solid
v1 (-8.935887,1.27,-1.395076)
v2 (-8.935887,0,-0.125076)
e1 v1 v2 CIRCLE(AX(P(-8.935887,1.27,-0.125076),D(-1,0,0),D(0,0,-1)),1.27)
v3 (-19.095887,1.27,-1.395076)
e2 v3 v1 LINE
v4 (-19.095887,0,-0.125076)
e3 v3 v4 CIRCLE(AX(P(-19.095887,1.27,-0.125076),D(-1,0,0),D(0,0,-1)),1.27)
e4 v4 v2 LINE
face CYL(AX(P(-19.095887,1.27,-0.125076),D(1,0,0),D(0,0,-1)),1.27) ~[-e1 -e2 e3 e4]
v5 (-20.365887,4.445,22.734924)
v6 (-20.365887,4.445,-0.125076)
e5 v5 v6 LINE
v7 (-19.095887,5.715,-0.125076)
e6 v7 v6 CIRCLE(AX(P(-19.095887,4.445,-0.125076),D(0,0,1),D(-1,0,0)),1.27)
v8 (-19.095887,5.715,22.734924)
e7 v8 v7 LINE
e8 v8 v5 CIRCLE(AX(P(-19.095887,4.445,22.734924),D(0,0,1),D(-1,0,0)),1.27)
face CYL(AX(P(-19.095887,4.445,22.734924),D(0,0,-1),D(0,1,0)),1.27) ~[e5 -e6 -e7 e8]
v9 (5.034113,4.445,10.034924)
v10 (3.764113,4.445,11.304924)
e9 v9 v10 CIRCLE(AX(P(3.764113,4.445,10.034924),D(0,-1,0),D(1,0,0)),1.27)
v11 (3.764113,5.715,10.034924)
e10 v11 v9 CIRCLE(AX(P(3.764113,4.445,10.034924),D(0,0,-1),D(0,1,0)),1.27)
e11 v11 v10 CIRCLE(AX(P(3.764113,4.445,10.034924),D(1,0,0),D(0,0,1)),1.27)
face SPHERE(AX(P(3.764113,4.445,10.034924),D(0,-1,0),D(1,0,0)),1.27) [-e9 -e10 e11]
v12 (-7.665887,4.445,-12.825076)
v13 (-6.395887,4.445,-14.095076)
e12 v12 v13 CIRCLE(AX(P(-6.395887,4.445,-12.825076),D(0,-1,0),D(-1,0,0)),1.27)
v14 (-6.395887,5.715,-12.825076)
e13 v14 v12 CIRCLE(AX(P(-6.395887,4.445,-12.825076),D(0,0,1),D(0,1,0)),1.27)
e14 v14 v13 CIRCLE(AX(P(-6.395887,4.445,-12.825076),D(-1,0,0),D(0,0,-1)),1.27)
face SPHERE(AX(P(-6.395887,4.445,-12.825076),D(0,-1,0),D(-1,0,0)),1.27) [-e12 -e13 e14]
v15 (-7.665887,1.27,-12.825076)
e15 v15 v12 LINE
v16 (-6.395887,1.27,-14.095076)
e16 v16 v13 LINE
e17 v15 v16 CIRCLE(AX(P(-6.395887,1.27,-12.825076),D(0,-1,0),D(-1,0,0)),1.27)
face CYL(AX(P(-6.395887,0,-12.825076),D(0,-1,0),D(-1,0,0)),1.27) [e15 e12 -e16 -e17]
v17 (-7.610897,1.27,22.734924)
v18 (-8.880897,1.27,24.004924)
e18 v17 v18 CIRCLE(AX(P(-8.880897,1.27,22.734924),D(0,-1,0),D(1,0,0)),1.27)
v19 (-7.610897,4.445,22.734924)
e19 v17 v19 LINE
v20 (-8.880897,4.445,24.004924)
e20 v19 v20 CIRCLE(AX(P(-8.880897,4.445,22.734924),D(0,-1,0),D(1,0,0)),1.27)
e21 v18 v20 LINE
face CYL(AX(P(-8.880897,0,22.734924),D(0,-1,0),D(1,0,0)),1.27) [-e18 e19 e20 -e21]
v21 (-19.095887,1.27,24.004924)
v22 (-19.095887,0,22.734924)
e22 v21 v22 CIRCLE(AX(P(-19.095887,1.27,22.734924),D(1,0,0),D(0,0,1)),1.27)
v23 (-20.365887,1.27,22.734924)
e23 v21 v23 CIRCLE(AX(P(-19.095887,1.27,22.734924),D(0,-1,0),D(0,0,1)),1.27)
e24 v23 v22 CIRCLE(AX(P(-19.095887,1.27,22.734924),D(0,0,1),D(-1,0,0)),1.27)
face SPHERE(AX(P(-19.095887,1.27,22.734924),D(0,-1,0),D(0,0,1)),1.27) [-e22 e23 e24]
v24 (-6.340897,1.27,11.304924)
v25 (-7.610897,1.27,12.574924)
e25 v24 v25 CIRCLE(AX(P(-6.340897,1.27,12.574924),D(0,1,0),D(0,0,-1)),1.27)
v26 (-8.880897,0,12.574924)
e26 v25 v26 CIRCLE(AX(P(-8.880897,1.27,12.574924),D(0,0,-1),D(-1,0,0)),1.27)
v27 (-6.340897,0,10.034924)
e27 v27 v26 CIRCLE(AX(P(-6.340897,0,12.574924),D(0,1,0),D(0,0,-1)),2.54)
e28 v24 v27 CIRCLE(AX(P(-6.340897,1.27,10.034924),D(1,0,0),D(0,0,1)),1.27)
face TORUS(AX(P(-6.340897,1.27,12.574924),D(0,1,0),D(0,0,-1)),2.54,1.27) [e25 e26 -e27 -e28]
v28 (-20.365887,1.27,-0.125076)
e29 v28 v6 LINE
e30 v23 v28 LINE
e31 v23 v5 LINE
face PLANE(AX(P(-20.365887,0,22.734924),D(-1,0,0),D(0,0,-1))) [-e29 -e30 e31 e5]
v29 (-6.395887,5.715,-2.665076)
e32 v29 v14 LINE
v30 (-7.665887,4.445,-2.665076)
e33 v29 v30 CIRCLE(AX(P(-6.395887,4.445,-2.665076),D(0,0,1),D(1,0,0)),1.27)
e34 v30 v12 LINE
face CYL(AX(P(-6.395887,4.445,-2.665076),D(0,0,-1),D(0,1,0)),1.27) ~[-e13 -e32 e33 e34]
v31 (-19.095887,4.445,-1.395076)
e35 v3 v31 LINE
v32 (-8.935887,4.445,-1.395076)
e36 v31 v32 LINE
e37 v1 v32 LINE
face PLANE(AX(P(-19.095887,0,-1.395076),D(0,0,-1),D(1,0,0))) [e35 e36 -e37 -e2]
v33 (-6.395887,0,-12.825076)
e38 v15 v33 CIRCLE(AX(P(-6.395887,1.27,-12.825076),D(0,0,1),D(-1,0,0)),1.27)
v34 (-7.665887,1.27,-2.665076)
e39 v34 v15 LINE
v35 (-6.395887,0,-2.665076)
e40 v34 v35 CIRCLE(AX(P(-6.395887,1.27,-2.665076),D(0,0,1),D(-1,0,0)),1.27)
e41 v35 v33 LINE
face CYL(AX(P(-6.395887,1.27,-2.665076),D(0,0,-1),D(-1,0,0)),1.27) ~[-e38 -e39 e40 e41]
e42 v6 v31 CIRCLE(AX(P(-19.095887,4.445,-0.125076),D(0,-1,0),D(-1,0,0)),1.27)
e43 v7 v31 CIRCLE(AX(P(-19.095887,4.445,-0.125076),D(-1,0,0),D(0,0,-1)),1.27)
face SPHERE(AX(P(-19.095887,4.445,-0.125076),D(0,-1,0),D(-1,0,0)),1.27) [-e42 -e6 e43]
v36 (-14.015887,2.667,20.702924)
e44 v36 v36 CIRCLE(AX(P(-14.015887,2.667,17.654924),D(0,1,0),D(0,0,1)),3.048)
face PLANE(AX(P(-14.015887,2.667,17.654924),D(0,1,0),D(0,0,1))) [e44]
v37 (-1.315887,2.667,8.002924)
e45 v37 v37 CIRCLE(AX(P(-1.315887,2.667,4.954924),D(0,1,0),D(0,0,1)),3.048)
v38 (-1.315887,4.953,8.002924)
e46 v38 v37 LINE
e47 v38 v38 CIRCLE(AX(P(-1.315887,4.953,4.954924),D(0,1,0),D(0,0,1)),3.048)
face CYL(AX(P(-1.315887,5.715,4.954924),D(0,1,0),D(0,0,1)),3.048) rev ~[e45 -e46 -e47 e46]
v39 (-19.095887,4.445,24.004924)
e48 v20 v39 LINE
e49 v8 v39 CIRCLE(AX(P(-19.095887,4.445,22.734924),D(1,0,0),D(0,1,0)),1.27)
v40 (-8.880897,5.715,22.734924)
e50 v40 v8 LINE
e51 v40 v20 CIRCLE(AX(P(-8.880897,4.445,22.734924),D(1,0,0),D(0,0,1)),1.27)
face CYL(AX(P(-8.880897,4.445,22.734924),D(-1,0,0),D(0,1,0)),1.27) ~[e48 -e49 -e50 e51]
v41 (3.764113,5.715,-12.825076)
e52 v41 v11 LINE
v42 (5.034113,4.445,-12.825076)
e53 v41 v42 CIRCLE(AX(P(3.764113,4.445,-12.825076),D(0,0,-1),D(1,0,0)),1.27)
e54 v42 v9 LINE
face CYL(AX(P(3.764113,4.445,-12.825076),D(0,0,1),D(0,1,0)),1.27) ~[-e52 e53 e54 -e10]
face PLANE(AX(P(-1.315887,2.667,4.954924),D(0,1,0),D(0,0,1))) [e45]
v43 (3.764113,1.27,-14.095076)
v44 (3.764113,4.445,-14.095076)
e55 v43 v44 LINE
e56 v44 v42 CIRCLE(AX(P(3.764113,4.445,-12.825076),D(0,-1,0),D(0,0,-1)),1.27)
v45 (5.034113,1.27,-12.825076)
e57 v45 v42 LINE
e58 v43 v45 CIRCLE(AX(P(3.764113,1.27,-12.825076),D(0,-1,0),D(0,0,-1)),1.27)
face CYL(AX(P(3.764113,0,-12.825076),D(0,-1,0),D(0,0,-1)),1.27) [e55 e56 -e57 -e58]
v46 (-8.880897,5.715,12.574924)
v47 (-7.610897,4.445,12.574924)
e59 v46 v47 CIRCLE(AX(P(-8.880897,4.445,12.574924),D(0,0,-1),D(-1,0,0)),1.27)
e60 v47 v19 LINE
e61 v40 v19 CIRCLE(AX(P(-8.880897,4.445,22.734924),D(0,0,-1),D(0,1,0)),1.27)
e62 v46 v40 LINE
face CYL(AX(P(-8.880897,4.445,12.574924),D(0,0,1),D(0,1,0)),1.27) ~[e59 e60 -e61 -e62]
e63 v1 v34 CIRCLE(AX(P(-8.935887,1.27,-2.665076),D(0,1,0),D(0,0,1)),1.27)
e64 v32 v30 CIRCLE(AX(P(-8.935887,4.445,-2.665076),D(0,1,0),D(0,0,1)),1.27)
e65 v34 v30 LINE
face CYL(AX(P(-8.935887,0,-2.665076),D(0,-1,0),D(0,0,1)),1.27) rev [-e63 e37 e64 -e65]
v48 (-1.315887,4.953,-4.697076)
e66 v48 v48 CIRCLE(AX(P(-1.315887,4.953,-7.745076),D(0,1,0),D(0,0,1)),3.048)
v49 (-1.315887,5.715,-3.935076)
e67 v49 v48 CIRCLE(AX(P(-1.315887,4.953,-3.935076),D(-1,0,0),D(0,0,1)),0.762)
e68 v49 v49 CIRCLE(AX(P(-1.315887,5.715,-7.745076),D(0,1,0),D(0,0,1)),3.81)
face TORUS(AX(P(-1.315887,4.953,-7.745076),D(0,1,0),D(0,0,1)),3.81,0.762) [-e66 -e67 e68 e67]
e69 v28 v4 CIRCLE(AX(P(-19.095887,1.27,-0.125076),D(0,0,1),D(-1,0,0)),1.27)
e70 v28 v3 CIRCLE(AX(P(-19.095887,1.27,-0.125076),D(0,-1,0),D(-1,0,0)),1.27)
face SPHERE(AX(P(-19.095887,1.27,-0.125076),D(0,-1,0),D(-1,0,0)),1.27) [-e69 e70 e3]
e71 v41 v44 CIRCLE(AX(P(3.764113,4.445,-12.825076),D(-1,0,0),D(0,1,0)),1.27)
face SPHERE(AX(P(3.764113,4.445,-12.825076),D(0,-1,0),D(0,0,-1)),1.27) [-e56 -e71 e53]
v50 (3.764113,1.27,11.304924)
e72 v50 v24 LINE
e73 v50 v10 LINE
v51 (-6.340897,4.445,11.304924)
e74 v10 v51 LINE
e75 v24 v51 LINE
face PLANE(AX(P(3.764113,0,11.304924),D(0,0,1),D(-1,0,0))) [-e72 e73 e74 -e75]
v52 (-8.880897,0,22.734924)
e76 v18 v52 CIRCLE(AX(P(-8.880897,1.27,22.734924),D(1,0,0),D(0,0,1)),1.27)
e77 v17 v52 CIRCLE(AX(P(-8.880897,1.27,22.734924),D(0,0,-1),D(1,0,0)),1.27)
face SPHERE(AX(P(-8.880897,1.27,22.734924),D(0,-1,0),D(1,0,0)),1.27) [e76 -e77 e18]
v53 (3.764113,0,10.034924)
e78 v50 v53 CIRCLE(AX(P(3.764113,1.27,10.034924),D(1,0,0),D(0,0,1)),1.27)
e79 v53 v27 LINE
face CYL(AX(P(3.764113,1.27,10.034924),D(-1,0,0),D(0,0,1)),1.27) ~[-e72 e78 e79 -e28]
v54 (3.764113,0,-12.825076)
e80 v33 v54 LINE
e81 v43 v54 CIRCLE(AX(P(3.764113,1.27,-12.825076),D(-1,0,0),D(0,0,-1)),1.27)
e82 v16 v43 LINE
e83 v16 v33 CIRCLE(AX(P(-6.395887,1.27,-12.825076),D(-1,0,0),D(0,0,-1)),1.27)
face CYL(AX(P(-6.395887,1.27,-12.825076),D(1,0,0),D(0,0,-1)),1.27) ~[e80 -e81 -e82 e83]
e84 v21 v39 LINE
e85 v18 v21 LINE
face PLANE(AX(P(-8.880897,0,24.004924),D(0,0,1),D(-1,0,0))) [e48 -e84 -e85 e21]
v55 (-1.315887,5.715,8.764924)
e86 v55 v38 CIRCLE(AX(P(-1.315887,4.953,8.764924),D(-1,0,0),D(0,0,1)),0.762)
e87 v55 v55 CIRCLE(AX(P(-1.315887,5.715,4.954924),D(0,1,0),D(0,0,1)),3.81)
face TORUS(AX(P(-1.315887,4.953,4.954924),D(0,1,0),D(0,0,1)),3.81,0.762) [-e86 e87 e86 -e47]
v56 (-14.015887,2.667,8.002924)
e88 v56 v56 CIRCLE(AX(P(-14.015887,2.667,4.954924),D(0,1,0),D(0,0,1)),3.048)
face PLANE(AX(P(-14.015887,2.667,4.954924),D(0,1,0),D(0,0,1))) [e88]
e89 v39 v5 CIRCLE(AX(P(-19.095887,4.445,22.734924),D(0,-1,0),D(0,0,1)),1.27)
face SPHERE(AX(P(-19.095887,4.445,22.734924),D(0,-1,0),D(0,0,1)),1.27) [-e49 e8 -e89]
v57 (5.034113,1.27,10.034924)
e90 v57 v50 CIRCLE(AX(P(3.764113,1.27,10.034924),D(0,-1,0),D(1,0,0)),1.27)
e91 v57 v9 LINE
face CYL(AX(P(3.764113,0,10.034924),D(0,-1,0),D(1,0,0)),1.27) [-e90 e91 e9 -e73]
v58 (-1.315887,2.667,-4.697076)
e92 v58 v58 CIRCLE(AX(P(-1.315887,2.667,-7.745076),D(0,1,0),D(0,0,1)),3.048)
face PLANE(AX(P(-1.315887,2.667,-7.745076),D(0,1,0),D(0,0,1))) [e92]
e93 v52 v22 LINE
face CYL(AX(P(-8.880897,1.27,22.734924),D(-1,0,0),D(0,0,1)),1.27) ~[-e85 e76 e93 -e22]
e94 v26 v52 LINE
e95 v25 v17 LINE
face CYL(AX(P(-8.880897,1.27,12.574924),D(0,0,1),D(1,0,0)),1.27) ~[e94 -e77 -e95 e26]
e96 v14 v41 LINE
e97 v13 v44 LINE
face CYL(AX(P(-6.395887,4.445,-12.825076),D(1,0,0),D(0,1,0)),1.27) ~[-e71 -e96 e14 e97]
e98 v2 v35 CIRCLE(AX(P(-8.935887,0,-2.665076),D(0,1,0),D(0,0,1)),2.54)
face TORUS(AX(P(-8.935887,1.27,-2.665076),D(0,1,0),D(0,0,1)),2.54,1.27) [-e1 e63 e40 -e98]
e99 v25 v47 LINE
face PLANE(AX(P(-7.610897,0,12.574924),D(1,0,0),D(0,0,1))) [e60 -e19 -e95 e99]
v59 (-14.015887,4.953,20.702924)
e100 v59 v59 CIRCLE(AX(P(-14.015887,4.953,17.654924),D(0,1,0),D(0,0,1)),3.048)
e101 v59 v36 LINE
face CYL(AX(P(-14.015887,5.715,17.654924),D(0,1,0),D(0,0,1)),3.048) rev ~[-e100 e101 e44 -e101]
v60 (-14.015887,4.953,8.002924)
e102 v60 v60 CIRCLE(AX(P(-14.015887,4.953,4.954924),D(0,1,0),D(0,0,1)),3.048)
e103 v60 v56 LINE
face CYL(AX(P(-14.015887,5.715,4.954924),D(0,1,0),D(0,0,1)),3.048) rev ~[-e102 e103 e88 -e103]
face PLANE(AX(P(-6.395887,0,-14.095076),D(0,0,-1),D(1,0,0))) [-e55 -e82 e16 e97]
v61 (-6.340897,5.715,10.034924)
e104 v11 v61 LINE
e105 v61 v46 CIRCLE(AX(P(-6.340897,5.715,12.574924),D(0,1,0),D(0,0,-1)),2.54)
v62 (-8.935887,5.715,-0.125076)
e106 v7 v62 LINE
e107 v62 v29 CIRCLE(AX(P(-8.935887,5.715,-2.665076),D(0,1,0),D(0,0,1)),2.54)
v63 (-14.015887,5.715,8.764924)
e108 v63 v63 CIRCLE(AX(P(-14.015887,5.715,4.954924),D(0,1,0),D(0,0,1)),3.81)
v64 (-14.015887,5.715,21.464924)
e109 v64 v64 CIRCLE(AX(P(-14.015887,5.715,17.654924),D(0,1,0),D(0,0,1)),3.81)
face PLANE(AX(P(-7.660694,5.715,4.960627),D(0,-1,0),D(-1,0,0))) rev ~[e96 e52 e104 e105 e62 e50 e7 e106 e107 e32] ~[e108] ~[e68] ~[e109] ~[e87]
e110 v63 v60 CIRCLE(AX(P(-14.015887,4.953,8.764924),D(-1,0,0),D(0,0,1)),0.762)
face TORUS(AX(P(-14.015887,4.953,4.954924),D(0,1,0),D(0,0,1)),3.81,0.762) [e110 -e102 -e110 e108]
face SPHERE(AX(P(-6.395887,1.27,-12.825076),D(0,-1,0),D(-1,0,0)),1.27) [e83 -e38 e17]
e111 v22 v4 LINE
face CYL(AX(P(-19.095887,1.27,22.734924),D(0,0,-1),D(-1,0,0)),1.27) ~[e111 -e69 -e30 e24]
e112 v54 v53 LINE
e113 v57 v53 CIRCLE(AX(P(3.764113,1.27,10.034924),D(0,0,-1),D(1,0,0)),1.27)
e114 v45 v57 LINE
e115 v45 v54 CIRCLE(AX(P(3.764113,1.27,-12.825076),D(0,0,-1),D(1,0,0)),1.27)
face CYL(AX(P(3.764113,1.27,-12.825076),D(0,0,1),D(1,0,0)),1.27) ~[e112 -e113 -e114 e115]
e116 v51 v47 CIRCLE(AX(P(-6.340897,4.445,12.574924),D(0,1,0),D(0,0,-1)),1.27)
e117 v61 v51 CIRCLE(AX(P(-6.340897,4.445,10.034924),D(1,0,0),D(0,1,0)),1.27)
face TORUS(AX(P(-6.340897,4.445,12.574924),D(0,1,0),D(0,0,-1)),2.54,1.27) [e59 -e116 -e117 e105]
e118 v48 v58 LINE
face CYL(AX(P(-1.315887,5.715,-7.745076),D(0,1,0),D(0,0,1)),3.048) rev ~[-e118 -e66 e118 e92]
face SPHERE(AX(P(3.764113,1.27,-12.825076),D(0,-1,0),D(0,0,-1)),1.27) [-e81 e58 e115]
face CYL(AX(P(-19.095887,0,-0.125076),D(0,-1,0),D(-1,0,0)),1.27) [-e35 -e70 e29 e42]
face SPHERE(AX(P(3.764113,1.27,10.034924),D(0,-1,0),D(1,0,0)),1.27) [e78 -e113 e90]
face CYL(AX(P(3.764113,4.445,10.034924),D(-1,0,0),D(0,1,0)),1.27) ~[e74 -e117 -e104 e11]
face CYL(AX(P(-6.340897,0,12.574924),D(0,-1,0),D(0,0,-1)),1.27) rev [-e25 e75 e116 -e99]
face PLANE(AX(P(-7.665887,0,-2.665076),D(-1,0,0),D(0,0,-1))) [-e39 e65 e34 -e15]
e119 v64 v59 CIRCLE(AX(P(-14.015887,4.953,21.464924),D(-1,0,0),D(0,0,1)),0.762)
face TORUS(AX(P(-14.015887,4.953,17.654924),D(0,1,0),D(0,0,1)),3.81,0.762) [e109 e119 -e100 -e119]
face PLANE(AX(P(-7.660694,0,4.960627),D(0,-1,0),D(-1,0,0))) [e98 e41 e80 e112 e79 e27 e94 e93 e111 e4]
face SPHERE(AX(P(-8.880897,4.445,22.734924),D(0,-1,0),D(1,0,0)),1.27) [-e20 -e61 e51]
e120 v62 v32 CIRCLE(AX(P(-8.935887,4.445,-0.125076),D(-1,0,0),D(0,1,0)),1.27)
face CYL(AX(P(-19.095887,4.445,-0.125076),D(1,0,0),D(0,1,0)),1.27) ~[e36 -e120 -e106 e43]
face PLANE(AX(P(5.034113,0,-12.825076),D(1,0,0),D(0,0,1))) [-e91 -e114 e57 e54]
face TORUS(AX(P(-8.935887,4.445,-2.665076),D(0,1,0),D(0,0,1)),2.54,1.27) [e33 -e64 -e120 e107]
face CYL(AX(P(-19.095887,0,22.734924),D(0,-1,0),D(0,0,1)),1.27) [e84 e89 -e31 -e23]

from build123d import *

# Parameters (mm, degrees)
BOSS_EXTRUDE1_DEPTH = 5.715
SKETCH2_R           = 3.048
CUT_EXTRUDE1_DEPTH  = 3.048
FILLET1_R           = 1.27
FILLET2_R           = 1.27
FILLET3_R           = 0.762


with BuildPart() as part:
    # Sketch1 → Boss-Extrude1 (new body)
    with BuildSketch(Plane(origin=(0, 0, 0), x_dir=(1, 0, 0), z_dir=(0, 1, 0))):
        with BuildLine():
            Line((-7.665886605, 2.665075851), (-7.665886605, 12.825075851))
            ThreePointArc((-7.665886605, 12.825075851), (-7.293912217, 13.723101463), (-6.395886605, 14.095075851))
            Line((-6.395886605, 14.095075851), (3.764113395, 14.095075851))
            ThreePointArc((3.764113395, 14.095075851), (4.662139007, 13.723101463), (5.034113395, 12.825075851))
            Line((5.034113395, 12.825075851), (5.034113395, -10.034924149))
            ThreePointArc((5.034113395, -10.034924149), (4.662139007, -10.932949761), (3.764113395, -11.304924149))
            Line((3.764113395, -11.304924149), (-6.340896914, -11.304924149))
            ThreePointArc((-6.340896914, -11.304924149), (-7.238922526, -11.676898537), (-7.610896914, -12.574924149))
            Line((-7.610896914, -12.574924149), (-7.610896914, -22.734924149))
            ThreePointArc((-7.610896914, -22.734924149), (-7.982871302, -23.632949761), (-8.880896914, -24.004924149))
            Line((-8.880896914, -24.004924149), (-19.095886605, -24.004924149))
            ThreePointArc((-19.095886605, -24.004924149), (-19.993912217, -23.632949761), (-20.365886605, -22.734924149))
            Line((-20.365886605, -22.734924149), (-20.365886605, 0.125075851))
            ThreePointArc((-20.365886605, 0.125075851), (-19.993912217, 1.023101463), (-19.095886605, 1.395075851))
            Line((-19.095886605, 1.395075851), (-8.935886605, 1.395075851))
            ThreePointArc((-8.935886605, 1.395075851), (-8.037860993, 1.767050239), (-7.665886605, 2.665075851))
        make_face()
    extrude(amount=BOSS_EXTRUDE1_DEPTH)

    # Sketch2 → Cut-Extrude1 (cut)
    with BuildSketch(Plane(origin=(0, 5.715, 0), x_dir=(1, 0, 0), z_dir=(0, 1, 0))):
        with Locations(Location((-1.315886605, 7.745075851, 0), (0, 0, 270))):
            Circle(SKETCH2_R)
        with Locations(Location((-14.015886605, -4.954924149, 0), (0, 0, 270))):
            Circle(SKETCH2_R)
        with Locations(Location((-14.015886605, -17.654924149, 0), (0, 0, 270))):
            Circle(SKETCH2_R)
        with Locations(Location((-1.315886605, -4.954924149, 0), (0, 0, 270))):
            Circle(SKETCH2_R)
    extrude(amount=-CUT_EXTRUDE1_DEPTH, mode=Mode.SUBTRACT)

    # Fillet1
    fillet1_edges = [part.edges().sort_by_distance(p)[0] for p in [
        (-19.993912217, 5.715, -1.023101463),
        (-20.365886605, 5.715, 11.304924149),
        (-19.993912217, 5.715, 23.632949761),
        (-13.988391759, 5.715, 24.004924149),
        (-7.982871302, 5.715, 23.632949761),
        (-7.610896914, 5.715, 17.654924149),
        (-7.238922526, 5.715, 11.676898537),
        (-1.288391759, 5.715, 11.304924149),
        (4.662139007, 5.715, 10.932949761),
        (5.034113395, 5.715, -1.395075851),
        (-8.037860993, 5.715, -1.767050239),
        (4.662139007, 5.715, -13.723101463),
        (-1.315886605, 5.715, -14.095075851),
        (-7.293912217, 5.715, -13.723101463),
        (-7.665886605, 5.715, -7.745075851),
        (-14.015886605, 5.715, -1.395075851),
    ]]
    fillet(fillet1_edges, radius=FILLET1_R)

    # Fillet2
    fillet2_edges = [part.edges().sort_by_distance(p)[0] for p in [
        (-7.665886605, 0, -7.745075851),
        (-7.293912217, 0, -13.723101463),
        (-1.315886605, 0, -14.095075851),
        (4.662139007, 0, -13.723101463),
        (5.034113395, 0, -1.395075851),
        (4.662139007, 0, 10.932949761),
        (-1.288391759, 0, 11.304924149),
        (-7.238922526, 0, 11.676898537),
        (-7.610896914, 0, 17.654924149),
        (-7.982871302, 0, 23.632949761),
        (-13.988391759, 0, 24.004924149),
        (-19.993912217, 0, 23.632949761),
        (-20.365886605, 0, 11.304924149),
        (-19.993912217, 0, -1.023101463),
        (-14.015886605, 0, -1.395075851),
        (-8.037860993, 0, -1.767050239),
    ]]
    fillet(fillet2_edges, radius=FILLET2_R)

    # Fillet3
    fillet3_edges = [part.edges().sort_by_distance(p)[0] for p in [
        (-1.315886605, 5.715, -10.793075851),
        (-14.015886605, 5.715, 1.906924149),
        (-14.015886605, 5.715, 14.606924149),
        (-1.315886605, 5.715, 1.906924149),
    ]]
    fillet(fillet3_edges, radius=FILLET3_R)


solid = part.part
